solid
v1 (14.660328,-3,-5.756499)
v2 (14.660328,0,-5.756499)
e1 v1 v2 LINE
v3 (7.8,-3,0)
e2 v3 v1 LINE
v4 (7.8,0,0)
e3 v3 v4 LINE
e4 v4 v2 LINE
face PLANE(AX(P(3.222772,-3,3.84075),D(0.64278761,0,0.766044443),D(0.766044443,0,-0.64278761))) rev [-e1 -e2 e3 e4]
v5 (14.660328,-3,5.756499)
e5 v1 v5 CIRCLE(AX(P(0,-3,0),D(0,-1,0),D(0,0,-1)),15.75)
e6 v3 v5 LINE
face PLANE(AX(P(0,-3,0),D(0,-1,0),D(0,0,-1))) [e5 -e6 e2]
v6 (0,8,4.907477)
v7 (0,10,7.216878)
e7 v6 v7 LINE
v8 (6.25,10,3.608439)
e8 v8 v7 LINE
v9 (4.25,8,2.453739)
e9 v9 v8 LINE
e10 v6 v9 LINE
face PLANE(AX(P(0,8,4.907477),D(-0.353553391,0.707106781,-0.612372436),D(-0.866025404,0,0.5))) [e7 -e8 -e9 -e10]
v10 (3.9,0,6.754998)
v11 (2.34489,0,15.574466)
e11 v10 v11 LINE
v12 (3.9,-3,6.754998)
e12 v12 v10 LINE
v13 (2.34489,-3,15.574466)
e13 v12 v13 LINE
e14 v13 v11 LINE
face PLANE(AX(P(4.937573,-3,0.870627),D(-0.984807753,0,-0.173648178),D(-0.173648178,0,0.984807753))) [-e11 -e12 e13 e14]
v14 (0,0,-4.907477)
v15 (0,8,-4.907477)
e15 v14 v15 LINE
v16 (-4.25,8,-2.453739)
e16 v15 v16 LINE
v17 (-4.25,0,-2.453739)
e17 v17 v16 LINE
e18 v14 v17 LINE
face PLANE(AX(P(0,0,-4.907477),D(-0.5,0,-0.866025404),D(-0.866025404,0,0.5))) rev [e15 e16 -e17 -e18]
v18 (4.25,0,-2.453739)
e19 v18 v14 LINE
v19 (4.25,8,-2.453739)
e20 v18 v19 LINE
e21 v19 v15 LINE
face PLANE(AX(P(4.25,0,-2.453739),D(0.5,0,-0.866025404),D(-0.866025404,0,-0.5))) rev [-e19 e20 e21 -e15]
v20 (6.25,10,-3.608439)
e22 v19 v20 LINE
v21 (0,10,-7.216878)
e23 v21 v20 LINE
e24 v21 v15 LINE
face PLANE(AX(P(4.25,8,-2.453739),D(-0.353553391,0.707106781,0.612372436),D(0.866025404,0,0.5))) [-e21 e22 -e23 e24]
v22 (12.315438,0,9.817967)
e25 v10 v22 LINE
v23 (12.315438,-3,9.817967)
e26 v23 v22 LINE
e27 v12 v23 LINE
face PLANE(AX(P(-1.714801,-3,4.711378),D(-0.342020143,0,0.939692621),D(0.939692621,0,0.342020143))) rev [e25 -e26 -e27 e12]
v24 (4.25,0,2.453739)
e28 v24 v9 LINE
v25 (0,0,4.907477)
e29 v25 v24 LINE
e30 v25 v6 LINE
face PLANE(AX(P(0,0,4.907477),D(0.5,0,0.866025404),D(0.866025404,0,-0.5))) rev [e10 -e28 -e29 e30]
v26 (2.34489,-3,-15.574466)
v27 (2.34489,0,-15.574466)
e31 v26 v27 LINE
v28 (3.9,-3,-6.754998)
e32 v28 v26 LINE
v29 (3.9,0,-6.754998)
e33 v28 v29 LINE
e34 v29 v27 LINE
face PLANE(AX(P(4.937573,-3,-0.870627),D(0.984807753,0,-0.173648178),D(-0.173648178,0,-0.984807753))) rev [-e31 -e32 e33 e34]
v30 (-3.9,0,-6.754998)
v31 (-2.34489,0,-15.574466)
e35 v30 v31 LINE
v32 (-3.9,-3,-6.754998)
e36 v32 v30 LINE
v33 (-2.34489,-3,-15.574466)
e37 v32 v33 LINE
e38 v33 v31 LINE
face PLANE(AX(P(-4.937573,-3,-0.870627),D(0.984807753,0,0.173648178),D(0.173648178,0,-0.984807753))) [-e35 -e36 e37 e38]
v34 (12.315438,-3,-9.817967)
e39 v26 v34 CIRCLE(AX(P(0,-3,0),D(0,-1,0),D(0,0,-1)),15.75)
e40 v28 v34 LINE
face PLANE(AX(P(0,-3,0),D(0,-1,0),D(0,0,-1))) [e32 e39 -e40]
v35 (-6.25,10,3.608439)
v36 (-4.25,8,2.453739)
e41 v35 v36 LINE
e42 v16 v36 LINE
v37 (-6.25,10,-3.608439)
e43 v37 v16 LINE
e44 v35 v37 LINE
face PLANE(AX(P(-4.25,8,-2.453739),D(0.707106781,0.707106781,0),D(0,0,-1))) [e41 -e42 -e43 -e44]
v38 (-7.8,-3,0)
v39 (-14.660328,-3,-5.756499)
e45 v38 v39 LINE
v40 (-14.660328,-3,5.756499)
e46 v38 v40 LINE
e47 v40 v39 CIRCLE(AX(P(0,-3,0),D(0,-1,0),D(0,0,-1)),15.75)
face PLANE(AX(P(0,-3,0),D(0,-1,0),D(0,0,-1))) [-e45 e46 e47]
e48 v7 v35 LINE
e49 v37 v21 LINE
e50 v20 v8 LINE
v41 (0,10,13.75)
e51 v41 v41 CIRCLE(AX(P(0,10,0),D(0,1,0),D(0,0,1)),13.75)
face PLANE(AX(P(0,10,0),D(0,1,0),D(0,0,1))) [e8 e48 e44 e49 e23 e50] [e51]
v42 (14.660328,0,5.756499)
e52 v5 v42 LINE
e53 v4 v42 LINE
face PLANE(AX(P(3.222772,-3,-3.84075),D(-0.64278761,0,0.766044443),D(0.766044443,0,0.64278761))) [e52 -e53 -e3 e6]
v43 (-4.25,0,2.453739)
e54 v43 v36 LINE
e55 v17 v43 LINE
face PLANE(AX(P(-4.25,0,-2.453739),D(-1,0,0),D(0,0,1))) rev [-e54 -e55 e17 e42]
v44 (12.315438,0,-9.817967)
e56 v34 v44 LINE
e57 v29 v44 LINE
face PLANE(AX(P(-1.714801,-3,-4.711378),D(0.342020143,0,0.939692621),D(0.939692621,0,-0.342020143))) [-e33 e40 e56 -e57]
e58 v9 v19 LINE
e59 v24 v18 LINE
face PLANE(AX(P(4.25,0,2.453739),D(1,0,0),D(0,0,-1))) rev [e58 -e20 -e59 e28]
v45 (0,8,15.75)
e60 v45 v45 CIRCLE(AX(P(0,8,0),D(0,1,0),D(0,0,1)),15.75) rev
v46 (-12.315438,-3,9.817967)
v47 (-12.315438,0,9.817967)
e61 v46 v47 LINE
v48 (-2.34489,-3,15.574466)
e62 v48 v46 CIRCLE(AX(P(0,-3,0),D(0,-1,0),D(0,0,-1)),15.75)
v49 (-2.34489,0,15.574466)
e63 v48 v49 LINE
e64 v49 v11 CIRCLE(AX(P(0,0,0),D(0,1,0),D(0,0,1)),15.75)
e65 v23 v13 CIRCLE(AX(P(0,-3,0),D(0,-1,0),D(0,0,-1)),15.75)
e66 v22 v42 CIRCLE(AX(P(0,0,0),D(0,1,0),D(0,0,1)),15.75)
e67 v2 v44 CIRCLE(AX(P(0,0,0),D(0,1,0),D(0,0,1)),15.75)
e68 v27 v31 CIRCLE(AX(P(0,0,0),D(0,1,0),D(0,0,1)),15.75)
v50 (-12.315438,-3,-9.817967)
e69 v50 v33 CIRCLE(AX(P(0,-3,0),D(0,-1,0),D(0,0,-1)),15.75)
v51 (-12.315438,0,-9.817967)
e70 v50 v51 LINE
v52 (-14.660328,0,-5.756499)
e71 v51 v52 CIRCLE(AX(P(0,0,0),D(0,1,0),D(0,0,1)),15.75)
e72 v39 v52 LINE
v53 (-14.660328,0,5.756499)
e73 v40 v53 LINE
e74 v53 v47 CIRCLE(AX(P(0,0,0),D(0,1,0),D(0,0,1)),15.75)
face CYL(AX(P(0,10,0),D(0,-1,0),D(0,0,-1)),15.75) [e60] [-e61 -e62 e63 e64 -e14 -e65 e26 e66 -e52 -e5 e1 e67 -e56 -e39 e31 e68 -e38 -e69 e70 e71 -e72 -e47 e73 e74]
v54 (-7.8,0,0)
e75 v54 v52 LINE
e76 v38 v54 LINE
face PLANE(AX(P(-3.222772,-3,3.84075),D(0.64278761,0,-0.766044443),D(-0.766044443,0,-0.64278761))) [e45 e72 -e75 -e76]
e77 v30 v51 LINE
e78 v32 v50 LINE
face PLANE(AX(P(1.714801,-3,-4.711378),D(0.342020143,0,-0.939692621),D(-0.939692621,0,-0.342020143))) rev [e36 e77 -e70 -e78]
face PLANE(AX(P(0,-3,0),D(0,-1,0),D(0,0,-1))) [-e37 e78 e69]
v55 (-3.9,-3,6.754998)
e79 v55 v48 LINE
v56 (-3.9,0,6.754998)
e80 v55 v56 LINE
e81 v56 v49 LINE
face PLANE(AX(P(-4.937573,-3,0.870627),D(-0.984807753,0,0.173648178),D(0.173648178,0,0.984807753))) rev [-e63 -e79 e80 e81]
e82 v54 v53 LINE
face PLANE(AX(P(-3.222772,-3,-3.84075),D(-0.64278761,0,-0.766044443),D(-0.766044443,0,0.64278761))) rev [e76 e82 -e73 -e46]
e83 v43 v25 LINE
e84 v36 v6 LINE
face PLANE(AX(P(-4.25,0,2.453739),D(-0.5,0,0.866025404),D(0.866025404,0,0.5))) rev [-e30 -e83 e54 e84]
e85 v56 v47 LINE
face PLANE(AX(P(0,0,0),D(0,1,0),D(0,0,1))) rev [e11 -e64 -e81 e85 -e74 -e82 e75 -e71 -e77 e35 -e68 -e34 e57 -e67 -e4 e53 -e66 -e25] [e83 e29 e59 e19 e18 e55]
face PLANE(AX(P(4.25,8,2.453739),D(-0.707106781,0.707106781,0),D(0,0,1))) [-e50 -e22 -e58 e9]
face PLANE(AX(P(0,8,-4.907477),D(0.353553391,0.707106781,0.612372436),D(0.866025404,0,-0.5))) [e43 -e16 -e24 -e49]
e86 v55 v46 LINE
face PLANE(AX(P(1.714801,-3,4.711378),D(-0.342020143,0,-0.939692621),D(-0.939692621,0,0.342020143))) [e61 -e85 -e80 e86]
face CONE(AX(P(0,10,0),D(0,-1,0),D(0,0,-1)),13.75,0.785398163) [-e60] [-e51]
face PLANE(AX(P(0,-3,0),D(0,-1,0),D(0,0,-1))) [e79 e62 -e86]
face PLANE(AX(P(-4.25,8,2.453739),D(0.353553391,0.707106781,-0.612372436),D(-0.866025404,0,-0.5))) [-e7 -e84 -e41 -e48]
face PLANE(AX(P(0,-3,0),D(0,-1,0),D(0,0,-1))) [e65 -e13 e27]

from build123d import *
from build123d.topology import SkipClean

# Parameters (mm, degrees)
SKETCH1_R           = 15.75
BOSS_EXTRUDE1_DEPTH = 10
CUT_EXTRUDE1_DEPTH  = 10
BOSS_EXTRUDE2_START = 3
BOSS_EXTRUDE2_DEPTH = 3
CHAMFER1_SIZE       = 2


with BuildPart() as part:
    # Sketch1 → Boss-Extrude1 (new body)
    with BuildSketch(Plane(origin=(0, 0, 0), x_dir=(1, 0, 0), z_dir=(0, 1, 0))):
        with Locations(Location((0, 0, 0), (0, 0, 270))):
            Circle(SKETCH1_R)
    extrude(amount=BOSS_EXTRUDE1_DEPTH)

    # Sketch2 → Cut-Extrude1 (cut)
    with BuildSketch(Plane(origin=(0, 10, 0), x_dir=(1, 0, 0), z_dir=(0, 1, 0))):
        Polygon((4.25, 2.453738644), (0, 4.907477288), (-4.25, 2.453738644), (-4.25, -2.453738644), (0, -4.907477288), (4.25, -2.453738644), align=None)
    extrude(amount=-CUT_EXTRUDE1_DEPTH, mode=Mode.SUBTRACT)

    # Sketch3 → Boss-Extrude2 (add)
    with SkipClean():  # the faces are left unmerged after this step: merging them gives an invalid solid
        with BuildSketch(Plane.XZ.offset(BOSS_EXTRUDE2_START)):
            with BuildLine():
                Line((-14.660328147, -5.756498818), (-7.8, 0))
                Line((-7.8, 0), (-14.660328147, 5.756498818))
                ThreePointArc((-14.660328147, 5.756498818), (-15.75, 0), (-14.660328147, -5.756498818))
            make_face()
            with BuildLine():
                Line((-3.9, -6.75499815), (-12.315438286, -9.817967194))
                ThreePointArc((-12.315438286, -9.817967194), (-7.875, -13.63990011), (-2.34488986, -15.574466011))
                Line((-2.34488986, -15.574466011), (-3.9, -6.75499815))
            make_face()
            with BuildLine():
                Line((3.9, -6.75499815), (2.34488986, -15.574466011))
                ThreePointArc((2.34488986, -15.574466011), (7.875, -13.63990011), (12.315438286, -9.817967194))
                Line((12.315438286, -9.817967194), (3.9, -6.75499815))
            make_face()
            with BuildLine():
                Line((7.8, 0), (14.660328147, -5.756498818))
                ThreePointArc((14.660328147, -5.756498818), (15.475184463, -2.929362703), (15.75, 0))
                ThreePointArc((15.75, 0), (15.475184463, 2.929362703), (14.660328147, 5.756498818))
                Line((14.660328147, 5.756498818), (7.8, 0))
            make_face()
            with BuildLine():
                ThreePointArc((12.315438286, 9.817967194), (7.875, 13.63990011), (2.34488986, 15.574466011))
                Line((2.34488986, 15.574466011), (3.9, 6.75499815))
                Line((3.9, 6.75499815), (12.315438286, 9.817967194))
            make_face()
            with BuildLine():
                ThreePointArc((-2.34488986, 15.574466011), (-7.875, 13.63990011), (-12.315438286, 9.817967194))
                Line((-12.315438286, 9.817967194), (-3.9, 6.75499815))
                Line((-3.9, 6.75499815), (-2.34488986, 15.574466011))
            make_face()
        extrude(amount=-BOSS_EXTRUDE2_DEPTH)

    # Chamfer1
    chamfer1_edges = [part.edges().sort_by_distance(p)[0] for p in [
        (4.25, 10, 0),
        (2.125, 10, -3.680607966),
        (-2.125, 10, -3.680607966),
        (-4.25, 10, 0),
        (-2.125, 10, 3.680607966),
        (2.125, 10, 3.680607966),
        (0, 10, -15.75),
    ]]
    chamfer(chamfer1_edges, length=CHAMFER1_SIZE)


solid = part.part
